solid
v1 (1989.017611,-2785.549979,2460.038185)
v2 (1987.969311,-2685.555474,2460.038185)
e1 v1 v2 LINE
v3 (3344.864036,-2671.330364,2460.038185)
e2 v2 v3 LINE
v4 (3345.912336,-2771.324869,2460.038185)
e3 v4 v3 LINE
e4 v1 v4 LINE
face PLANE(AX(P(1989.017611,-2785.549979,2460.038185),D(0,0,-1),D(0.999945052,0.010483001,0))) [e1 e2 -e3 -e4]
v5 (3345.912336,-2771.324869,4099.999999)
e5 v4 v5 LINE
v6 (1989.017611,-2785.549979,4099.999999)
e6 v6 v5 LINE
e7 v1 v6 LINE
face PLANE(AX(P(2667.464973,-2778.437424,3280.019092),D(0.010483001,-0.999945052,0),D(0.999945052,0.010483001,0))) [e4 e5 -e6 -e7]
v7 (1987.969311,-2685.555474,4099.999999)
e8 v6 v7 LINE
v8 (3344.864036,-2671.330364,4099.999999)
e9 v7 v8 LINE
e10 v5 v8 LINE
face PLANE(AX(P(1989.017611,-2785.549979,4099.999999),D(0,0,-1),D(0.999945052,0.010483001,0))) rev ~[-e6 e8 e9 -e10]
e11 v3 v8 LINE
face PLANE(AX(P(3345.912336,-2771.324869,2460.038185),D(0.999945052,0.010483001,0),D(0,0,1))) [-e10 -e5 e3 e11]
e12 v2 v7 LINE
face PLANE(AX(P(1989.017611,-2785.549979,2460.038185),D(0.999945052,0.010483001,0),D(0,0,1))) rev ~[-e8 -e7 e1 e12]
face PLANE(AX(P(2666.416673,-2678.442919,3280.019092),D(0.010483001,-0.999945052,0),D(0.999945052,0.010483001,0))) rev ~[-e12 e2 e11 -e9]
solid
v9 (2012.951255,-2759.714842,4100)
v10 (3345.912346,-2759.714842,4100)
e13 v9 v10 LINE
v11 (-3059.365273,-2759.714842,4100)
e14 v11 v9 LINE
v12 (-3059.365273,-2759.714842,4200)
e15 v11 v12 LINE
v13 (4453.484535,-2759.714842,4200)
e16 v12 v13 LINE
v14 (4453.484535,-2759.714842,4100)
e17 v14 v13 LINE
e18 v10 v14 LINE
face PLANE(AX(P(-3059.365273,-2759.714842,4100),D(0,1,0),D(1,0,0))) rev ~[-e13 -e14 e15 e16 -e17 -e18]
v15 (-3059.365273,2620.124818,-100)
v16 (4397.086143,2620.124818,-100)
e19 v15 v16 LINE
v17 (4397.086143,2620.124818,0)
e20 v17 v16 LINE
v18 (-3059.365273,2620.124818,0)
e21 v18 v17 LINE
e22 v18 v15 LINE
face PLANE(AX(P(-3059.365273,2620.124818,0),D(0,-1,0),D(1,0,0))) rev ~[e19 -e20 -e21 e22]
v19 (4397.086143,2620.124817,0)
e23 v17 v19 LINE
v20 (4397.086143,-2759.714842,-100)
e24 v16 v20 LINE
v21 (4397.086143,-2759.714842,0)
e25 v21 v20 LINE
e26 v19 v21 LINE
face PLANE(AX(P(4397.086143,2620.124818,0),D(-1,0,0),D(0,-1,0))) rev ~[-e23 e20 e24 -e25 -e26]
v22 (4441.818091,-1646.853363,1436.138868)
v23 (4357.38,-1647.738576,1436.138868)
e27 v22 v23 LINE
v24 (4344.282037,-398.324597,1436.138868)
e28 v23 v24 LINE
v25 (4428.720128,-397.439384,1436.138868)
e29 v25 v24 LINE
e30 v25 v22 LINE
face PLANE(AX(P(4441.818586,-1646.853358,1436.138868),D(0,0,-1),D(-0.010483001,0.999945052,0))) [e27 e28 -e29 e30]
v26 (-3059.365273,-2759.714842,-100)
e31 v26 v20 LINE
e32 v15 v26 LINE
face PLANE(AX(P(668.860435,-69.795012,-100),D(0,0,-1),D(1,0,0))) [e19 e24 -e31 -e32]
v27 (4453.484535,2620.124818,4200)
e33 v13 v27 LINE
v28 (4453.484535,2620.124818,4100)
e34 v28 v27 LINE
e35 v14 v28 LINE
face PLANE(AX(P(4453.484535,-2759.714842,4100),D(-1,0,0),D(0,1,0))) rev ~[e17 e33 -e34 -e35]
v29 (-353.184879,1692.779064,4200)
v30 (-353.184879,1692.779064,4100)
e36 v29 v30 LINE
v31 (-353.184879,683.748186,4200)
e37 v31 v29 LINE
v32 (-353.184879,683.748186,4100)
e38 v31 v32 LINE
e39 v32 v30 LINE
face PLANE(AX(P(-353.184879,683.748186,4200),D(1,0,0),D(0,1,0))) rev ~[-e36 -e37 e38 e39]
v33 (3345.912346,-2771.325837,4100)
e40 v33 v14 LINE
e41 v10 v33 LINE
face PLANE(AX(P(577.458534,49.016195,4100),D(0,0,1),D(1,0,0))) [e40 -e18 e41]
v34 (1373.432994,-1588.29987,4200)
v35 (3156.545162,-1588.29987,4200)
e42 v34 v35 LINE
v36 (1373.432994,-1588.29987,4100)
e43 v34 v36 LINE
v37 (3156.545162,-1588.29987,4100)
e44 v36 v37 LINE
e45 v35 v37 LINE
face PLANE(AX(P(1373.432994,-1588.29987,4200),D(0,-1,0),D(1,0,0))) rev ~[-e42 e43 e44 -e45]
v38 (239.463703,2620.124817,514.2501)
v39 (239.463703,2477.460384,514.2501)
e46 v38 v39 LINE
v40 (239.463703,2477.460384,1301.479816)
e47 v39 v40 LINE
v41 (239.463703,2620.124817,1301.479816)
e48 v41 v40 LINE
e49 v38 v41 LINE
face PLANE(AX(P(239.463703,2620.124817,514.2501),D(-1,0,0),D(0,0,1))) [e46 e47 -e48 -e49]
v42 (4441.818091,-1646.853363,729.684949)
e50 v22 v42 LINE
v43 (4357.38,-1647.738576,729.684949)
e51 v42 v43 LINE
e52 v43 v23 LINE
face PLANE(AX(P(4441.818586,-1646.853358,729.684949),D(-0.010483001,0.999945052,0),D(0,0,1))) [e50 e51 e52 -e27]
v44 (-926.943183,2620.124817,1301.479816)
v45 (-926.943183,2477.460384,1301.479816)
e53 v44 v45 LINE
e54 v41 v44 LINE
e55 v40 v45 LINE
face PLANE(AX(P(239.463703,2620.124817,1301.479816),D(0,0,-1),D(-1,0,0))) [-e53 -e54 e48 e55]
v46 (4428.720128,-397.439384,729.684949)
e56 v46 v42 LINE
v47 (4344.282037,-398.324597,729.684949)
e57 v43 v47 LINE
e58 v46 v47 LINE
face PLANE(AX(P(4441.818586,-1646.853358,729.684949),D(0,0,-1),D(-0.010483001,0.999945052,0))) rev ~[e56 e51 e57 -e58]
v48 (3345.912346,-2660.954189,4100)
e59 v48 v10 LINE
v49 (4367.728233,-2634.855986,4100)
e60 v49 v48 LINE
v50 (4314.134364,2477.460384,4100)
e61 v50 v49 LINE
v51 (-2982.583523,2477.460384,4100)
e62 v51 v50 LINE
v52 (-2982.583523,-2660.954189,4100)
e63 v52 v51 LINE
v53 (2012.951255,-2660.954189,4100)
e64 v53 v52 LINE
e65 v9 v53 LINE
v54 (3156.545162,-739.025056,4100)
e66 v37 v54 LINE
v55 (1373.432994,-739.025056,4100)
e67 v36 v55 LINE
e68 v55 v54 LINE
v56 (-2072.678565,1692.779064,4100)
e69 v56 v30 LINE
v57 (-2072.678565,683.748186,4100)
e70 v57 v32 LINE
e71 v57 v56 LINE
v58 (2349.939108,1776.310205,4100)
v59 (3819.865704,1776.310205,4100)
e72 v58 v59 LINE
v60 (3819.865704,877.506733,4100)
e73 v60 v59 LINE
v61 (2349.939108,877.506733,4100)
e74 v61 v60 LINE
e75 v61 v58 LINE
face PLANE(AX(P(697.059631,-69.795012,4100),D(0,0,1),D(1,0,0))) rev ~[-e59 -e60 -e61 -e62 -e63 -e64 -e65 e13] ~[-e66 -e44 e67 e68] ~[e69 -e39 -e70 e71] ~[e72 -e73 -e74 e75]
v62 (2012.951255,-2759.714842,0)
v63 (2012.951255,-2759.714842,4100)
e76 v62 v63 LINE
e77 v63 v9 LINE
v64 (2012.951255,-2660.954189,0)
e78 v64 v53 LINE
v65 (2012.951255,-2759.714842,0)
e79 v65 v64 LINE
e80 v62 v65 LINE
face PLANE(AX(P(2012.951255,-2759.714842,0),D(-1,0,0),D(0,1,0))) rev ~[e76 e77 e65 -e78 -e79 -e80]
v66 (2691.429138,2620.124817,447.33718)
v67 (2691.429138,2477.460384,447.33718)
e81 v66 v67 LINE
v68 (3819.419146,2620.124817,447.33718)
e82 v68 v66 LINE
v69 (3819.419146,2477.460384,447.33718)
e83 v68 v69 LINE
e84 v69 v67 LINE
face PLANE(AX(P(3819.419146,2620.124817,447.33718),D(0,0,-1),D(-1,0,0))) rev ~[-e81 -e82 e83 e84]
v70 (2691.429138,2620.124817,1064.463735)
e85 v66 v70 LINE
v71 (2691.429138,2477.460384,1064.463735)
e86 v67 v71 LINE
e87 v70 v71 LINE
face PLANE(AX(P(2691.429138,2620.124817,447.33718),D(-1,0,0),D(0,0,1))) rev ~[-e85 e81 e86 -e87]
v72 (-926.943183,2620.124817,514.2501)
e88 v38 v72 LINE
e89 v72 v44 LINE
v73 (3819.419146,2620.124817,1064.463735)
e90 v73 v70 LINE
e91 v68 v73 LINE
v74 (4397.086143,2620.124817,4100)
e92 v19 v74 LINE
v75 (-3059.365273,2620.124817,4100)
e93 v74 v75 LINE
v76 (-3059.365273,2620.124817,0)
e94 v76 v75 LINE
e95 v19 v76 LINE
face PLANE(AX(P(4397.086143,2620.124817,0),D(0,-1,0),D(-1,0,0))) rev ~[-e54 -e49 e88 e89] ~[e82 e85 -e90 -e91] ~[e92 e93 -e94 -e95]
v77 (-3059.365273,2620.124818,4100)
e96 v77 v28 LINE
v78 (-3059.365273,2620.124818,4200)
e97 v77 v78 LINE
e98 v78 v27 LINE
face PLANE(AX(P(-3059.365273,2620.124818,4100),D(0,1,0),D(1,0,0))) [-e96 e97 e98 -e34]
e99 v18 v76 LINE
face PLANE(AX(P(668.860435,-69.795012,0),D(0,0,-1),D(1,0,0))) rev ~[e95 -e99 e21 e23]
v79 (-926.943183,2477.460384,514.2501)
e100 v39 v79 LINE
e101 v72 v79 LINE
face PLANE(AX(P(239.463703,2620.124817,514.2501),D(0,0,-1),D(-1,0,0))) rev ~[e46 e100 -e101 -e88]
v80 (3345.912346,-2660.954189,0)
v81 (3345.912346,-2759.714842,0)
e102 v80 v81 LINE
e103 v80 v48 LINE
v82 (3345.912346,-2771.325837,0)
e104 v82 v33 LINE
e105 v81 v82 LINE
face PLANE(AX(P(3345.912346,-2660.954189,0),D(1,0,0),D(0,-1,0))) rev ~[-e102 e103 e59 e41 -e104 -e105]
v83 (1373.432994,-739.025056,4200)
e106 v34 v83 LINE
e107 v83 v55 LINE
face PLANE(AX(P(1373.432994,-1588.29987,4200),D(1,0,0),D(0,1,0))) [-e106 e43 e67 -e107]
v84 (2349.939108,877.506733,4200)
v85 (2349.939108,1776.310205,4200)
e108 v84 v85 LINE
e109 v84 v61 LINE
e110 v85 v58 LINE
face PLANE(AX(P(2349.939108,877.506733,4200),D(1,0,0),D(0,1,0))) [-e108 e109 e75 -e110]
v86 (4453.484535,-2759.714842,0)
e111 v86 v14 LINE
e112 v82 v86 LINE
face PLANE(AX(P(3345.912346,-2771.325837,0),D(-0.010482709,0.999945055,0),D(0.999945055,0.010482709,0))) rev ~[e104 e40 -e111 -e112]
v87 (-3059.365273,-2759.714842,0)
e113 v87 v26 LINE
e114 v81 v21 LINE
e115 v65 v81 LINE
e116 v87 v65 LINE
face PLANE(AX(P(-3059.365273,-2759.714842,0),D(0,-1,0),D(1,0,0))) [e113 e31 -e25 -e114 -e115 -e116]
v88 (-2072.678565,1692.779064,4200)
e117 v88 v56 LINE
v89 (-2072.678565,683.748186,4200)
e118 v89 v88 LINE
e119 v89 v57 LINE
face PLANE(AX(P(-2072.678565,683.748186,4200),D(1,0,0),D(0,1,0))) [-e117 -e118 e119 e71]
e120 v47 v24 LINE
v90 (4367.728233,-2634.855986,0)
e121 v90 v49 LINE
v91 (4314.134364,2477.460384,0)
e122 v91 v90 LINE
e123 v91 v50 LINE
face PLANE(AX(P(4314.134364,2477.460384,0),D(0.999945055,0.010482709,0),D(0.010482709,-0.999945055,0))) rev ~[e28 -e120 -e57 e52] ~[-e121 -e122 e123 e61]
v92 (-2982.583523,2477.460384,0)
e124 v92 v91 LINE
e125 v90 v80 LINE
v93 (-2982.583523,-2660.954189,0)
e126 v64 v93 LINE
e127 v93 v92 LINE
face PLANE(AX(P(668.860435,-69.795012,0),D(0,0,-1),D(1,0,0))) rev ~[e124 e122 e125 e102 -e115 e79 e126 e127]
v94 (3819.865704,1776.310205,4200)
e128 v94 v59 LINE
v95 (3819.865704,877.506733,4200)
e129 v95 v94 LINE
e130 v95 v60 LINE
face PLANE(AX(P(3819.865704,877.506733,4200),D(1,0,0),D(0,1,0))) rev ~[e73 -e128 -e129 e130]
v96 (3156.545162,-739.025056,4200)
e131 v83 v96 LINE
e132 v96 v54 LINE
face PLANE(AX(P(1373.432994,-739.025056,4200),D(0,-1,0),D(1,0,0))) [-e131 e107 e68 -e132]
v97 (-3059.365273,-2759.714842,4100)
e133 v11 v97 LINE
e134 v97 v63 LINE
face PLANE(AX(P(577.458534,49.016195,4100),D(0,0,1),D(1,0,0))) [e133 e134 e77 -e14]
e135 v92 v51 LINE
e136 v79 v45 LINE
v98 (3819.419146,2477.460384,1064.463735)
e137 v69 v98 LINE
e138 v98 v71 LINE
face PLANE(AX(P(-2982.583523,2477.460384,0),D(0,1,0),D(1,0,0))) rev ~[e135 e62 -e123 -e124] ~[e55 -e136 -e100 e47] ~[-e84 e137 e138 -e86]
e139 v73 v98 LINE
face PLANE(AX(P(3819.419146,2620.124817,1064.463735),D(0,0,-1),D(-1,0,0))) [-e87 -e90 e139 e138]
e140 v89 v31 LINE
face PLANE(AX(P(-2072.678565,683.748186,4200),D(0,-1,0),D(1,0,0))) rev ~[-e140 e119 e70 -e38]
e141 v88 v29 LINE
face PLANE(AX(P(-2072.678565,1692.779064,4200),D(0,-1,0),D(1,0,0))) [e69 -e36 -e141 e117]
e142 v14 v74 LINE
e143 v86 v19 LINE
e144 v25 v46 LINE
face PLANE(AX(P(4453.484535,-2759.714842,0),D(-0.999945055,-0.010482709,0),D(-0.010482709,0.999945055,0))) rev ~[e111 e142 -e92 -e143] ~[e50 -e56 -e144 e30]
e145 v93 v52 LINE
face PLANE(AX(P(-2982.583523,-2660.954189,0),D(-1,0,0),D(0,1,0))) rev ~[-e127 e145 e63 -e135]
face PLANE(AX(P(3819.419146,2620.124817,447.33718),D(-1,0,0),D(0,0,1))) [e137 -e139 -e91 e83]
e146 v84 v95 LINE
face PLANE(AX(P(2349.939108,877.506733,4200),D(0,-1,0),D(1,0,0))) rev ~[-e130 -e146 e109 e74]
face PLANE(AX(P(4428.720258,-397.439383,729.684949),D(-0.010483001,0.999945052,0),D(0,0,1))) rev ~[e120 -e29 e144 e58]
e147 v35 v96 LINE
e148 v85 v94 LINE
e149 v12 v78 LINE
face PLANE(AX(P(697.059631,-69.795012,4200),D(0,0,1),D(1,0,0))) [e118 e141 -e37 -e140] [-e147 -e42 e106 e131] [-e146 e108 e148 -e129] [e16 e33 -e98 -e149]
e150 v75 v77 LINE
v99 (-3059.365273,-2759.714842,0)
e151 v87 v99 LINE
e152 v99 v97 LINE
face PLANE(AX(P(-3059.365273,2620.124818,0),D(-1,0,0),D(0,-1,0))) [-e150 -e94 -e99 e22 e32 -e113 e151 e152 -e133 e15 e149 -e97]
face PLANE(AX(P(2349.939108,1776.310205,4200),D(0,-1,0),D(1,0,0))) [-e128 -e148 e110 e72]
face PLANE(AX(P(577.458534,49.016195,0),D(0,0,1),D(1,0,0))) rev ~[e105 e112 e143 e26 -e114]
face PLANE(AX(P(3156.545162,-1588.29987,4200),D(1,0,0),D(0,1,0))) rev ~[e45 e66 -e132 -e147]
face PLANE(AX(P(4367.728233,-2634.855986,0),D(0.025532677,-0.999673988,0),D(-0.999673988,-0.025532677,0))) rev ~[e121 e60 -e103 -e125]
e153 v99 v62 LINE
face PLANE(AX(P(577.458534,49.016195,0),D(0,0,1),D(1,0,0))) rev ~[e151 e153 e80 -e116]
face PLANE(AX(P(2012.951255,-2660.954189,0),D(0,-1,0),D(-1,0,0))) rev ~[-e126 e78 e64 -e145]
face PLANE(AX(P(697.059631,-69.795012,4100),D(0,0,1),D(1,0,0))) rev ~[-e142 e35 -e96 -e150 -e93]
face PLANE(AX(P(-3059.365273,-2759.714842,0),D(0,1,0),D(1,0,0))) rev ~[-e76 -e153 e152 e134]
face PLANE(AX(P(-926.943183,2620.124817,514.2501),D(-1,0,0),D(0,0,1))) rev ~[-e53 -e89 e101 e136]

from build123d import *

# Parameters (mm, degrees)
F1_DEPTH  = 4100
F2_W      = 7512.849808
F2_H      = 5379.839659
F3_DEPTH  = 100
F4_W      = 1783.112168
F4_H      = 849.274814
F4_W_2    = 1719.493687
F4_H_2    = 1009.030878
F4_W_3    = 1469.926596
F4_H_3    = 898.803472
F5_DEPTH  = 2540
F6_W      = 7456.451416
F6_H      = 5379.839659
F7_DEPTH  = 100
F8_W      = 1356.969288
F8_H      = 1639.961815
F9_DEPTH  = 100
F10_W     = 1249.482632
F10_H     = 706.453919
F11_DEPTH = 100
F12_W     = 1127.990008
F12_H     = 617.126555
F12_W_2   = 1166.406885
F12_H_2   = 787.229716
F13_DEPTH = 200


with BuildPart() as f1:
    # F0 (on Top) → F1 (new body)
    with BuildSketch(Plane.XY):
        Polygon((2012.951255, -2759.714842), (2012.951255, -2660.954189), (-2982.583523, -2660.954189), (-2982.583523, -764.968991), (-2982.583523, 2477.460384), (4314.134364, 2477.460384), (4367.728233, -2634.855986), (3345.912346, -2660.954189), (3345.912346, -2771.325837), (4453.484535, -2759.714842), (4397.086143, 2620.124817), (-3059.365273, 2620.124817), (-3059.365273, -2759.714842), align=None)
    extrude(amount=F1_DEPTH)

    # F2 (on face) → F3 (join)
    with BuildSketch(Plane.XY.offset(4100)):
        with Locations((697.059631, -69.795012)):
            Rectangle(F2_W, F2_H)
    extrude(amount=F3_DEPTH)

    # F4 (on face) → F5 (cut)
    with BuildSketch(Plane.XY.offset(4200)):
        with Locations((2264.989078, -1163.662463)):
            Rectangle(F4_W, F4_H)
        with Locations((-1212.931722, 1188.263625)):
            Rectangle(F4_W_2, F4_H_2)
        with Locations((3084.902406, 1326.908469)):
            Rectangle(F4_W_3, F4_H_3)
    extrude(amount=-F5_DEPTH, mode=Mode.SUBTRACT)

    # F6 (on face) → F7 (join)
    with BuildSketch(Plane(origin=(0, 0, 0), x_dir=(1, 0, 0), z_dir=(0, 0, -1))):
        with Locations((668.860435, 69.795012)):
            Rectangle(F6_W, F6_H)
    extrude(amount=F7_DEPTH)

    # F10 (on face) → F11 (cut)
    with BuildSketch(Plane(origin=(4424.067457, 46.378759, 0), x_dir=(-0.010483, 0.999945, 0), z_dir=(0.999945, 0.010483, 0))):
        with Locations((-1068.583846, 1082.911908)):
            Rectangle(F10_W, F10_H)
    extrude(amount=-F11_DEPTH, mode=Mode.SUBTRACT)

    # F12 (on face) → F13 (cut)
    with BuildSketch(Plane(origin=(0, 2620.124817, 0), x_dir=(-1, 0, 0), z_dir=(0, 1, 0))):
        with Locations((-3255.424142, 755.900458)):
            Rectangle(F12_W, F12_H)
        with Locations((343.73974, 907.864958)):
            Rectangle(F12_W_2, F12_H_2)
    extrude(amount=-F13_DEPTH, mode=Mode.SUBTRACT)


with BuildPart() as f9:
    # F8 (on face) → F9 (new body)
    with BuildSketch(Plane(origin=(29.417079, -2806.093601, 0), x_dir=(0.999945, 0.010483, 0), z_dir=(0.010483, -0.999945, 0))):
        with Locations((2638.192858, 3280.019092)):
            Rectangle(F8_W, F8_H)
    extrude(amount=-F9_DEPTH)


solid = Compound([f1.part, f9.part])
